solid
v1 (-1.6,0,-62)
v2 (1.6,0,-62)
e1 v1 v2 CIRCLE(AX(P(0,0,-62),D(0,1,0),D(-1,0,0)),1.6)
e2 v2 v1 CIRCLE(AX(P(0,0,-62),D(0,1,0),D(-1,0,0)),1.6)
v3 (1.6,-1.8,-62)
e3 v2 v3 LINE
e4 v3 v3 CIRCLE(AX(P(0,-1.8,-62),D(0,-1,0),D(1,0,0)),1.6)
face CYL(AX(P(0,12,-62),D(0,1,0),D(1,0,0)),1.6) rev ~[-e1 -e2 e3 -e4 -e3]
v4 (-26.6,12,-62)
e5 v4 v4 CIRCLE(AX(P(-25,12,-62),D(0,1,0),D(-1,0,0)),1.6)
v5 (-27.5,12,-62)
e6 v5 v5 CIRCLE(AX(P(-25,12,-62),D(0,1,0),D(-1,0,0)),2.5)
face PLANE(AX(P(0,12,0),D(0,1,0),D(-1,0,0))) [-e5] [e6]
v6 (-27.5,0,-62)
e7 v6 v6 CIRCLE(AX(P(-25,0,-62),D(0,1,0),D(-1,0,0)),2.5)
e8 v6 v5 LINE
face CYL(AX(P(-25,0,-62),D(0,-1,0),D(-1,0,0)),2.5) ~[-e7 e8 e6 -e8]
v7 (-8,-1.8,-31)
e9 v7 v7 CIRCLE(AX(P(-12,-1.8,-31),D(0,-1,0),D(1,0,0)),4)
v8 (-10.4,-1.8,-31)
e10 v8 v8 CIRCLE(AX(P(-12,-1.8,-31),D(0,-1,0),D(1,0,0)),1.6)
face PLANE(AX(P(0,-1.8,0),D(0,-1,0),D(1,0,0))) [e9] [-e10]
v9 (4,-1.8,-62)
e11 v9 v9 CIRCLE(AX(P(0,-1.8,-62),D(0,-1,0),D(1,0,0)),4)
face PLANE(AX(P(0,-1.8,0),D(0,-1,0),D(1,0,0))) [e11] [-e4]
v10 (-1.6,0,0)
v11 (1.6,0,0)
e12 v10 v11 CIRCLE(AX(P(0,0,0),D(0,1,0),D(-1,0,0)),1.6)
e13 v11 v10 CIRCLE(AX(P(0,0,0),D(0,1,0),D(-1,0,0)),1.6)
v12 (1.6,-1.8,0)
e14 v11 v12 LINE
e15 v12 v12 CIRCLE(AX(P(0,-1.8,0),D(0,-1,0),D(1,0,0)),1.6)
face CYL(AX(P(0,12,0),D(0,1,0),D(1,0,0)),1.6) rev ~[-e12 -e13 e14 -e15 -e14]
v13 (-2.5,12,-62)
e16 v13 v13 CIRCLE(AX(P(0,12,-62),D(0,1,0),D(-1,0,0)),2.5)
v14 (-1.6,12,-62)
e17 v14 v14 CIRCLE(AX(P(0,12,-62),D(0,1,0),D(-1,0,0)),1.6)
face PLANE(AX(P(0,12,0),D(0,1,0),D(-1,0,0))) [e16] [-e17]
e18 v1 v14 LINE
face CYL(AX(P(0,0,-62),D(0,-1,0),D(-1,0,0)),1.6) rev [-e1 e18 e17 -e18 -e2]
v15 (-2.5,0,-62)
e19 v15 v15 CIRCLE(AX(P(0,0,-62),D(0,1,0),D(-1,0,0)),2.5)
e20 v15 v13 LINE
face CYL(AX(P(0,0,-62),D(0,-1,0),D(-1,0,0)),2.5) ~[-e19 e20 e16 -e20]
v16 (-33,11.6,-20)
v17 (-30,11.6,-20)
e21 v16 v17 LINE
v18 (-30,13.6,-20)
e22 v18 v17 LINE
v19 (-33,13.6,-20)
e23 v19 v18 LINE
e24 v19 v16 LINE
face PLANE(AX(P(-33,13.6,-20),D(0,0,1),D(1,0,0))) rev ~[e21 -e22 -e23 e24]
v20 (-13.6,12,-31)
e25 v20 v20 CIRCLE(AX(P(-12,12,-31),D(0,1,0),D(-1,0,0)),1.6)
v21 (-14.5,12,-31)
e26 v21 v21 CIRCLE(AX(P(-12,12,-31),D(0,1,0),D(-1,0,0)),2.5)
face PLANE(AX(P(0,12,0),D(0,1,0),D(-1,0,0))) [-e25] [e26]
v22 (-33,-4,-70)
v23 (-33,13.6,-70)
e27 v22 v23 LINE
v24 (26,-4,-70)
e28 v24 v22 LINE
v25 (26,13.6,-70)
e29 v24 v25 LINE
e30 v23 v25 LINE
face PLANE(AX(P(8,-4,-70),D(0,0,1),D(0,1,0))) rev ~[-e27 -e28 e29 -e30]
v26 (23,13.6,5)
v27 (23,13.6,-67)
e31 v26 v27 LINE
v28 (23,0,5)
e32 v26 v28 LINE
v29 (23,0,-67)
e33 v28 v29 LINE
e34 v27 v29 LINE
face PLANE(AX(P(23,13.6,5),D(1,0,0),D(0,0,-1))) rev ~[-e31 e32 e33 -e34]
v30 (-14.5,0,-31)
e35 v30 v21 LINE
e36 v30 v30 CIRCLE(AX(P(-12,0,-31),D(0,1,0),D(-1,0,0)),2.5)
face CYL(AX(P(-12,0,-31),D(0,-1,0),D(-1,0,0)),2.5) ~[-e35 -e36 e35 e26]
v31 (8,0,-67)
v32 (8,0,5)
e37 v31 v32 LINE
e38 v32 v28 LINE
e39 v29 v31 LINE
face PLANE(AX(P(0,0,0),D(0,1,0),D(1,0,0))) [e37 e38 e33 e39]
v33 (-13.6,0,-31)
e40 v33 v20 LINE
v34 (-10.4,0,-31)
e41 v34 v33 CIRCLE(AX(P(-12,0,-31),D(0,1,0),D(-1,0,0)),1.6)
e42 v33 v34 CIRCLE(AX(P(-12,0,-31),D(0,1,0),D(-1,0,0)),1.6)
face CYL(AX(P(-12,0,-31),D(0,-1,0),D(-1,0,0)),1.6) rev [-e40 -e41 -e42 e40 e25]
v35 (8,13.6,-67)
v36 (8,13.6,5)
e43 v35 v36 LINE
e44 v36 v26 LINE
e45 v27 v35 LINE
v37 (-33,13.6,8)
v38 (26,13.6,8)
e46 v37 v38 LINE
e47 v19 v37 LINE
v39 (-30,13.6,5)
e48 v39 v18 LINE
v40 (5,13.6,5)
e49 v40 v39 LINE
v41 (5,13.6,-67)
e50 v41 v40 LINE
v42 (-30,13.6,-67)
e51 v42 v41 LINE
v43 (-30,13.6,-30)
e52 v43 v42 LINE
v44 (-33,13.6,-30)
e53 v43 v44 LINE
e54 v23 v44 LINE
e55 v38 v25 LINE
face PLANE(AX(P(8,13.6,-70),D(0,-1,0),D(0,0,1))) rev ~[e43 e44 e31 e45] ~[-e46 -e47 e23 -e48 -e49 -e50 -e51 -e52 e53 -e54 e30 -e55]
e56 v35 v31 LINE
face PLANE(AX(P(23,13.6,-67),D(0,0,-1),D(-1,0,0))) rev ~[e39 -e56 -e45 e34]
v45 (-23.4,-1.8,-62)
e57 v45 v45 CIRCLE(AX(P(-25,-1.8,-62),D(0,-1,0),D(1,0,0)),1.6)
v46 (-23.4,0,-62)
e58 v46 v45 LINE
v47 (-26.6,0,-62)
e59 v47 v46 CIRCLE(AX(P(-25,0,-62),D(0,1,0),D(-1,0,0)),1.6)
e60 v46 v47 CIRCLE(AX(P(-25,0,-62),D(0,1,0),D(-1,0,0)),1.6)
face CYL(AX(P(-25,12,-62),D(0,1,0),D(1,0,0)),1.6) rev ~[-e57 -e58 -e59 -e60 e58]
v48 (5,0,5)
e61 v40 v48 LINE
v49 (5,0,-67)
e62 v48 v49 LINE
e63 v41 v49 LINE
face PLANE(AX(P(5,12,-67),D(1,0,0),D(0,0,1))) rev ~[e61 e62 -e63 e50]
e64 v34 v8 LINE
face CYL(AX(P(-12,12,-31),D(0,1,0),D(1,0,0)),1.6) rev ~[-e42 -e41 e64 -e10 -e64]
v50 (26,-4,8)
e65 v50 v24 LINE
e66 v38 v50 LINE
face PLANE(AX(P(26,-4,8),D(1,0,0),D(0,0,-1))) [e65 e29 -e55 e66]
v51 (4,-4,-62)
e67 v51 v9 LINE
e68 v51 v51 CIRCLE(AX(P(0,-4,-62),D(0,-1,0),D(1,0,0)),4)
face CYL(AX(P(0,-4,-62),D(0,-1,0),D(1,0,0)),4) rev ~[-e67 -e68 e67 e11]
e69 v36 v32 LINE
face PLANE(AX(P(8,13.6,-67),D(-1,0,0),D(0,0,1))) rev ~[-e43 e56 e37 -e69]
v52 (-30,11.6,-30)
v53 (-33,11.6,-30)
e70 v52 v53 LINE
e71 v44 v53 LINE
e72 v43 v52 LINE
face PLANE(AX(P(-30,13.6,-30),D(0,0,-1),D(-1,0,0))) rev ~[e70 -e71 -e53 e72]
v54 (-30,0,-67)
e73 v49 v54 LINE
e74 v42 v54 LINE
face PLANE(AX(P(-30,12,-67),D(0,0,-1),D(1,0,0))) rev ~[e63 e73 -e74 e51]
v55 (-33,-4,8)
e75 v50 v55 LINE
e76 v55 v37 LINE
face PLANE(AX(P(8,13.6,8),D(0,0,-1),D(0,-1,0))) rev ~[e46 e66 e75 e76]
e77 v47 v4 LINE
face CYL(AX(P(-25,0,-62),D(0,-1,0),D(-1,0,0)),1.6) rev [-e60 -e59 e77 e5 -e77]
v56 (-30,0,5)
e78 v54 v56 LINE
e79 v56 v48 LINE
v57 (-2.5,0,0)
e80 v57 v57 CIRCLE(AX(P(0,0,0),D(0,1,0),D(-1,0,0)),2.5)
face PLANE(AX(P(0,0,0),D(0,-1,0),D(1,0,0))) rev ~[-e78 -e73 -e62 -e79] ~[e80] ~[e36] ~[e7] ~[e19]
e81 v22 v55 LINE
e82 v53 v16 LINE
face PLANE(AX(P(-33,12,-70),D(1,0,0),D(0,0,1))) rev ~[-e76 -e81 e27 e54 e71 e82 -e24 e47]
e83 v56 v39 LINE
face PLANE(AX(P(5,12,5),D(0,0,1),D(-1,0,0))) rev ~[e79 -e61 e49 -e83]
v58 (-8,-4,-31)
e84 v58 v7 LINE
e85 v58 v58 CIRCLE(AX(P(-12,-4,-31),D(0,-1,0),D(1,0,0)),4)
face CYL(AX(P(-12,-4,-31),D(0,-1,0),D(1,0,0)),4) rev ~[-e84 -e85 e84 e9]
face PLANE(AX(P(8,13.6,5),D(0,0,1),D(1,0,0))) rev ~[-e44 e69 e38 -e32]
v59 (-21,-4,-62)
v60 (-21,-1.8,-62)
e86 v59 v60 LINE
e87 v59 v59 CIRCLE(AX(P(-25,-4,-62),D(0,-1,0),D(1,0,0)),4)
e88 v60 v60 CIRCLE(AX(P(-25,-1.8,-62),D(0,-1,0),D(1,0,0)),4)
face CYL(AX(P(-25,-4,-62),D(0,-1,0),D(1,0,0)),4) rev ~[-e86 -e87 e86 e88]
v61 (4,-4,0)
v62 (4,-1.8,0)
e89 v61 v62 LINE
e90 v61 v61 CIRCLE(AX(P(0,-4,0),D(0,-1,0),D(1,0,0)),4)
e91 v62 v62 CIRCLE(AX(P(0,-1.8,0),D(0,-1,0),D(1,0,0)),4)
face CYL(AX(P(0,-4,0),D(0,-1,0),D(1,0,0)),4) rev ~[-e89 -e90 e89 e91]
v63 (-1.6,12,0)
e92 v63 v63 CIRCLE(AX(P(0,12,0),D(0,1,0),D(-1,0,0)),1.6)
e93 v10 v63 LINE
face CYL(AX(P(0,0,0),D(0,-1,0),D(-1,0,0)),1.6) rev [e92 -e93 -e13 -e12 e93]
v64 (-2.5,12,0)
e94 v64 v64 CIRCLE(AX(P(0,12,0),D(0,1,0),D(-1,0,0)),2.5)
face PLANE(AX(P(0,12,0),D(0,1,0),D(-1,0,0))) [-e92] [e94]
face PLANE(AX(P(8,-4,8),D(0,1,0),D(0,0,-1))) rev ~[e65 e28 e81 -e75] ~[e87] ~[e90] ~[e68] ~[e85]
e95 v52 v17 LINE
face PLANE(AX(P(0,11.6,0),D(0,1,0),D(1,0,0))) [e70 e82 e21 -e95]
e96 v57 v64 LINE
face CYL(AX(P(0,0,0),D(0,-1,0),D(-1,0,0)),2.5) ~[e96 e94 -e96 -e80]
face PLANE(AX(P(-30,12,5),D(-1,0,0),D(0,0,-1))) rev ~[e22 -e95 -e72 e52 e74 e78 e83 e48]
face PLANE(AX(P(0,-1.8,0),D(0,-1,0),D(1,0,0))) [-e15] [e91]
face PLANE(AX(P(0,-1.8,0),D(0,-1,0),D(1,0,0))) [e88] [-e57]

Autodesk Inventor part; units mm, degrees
ref_plane "YZ Plane" through (0, 0, 0) normal (1, 0, 0) x (0, 1, 0)
ref_plane "XZ Plane" through (0, 0, 0) normal (0, 1, 0) x (-1, 0, 0)
ref_plane "XY Plane" through (0, 0, 0) normal (0, 0, 1) x (1, 0, 0)
sketch "Sketch1" plane through (0, 0, 0) normal (0, 1, 0) x (-1, 0, 0)
  circle A0 centre (0, 0) radius 1.6
  circle A1 centre (0, -62) radius 1.6
  circle A2 centre (25, -62) radius 1.6
  circle A3 centre (12, -31) radius 1.6
  circle A4 centre (12, -31) radius 2.5
  circle A5 centre (0, -62) radius 2.5
  circle A6 centre (25, -62) radius 2.5
  circle A7 centre (0, 0) radius 2.5
  line L0 (30, 5) -> (-5, 5)
  line L1 (-5, 5) -> (-5, -67)
  line L2 (-5, -67) -> (30, -67)
  line L3 (30, -67) -> (30, 5)
  line L4 (33, 8) -> (-8, 8)
  line L5 (-8, 8) -> (-8, -70)
  line L6 (-8, -70) -> (33, -70)
  line L7 (33, -70) -> (33, 8)
  dimension "d0" = 3.2
  dimension "d1" = 3.2
  dimension "d2" = 62
  dimension "d3" = 3.2
  dimension "d4" = 25
  dimension "d5" = 3.2
  dimension "d6" = 31
  dimension "d7" = 12
  dimension "d8" = 5
  dimension "d9" = 5
  dimension "d10" = 5
  dimension "d11" = 5
  dimension "d12" = 5
  dimension "d13" = 5
  dimension "d14" = 5
  dimension "d15" = 5
  dimension "d16" = 3
  dimension "d17" = 3
  dimension "d18" = 3
  dimension "d19" = 3
  dimension "d29" = 0
extrude "Extrusion1" add sketch "Sketch1" along normal blind 12
sketch "Sketch2" plane through (0, 0, 0) normal (0, -1, 0) x (1, 0, 0)
  line L0 (-33, 8) -> (8, 8) projected
  line L1 (-33, -70) -> (-33, 8) projected
  line L2 (8, 8) -> (-33, 8)
  line L3 (-33, 8) -> (-33, -70)
  line L4 (-33, -70) -> (8, -70)
  line L5 (8, -70) -> (8, 8)
  point P0 (0, 0)
extrude "Extrusion2" add sketch "Sketch2" along normal blind 4
sketch "Sketch3" plane through (0, 12, 0) normal (0, 1, 0) x (1, 0, 0)
  circle A0 centre (0, 0) radius 1.6 projected
  circle A1 centre (-12, 31) radius 1.6 projected
  circle A2 centre (-25, 62) radius 1.6 projected
  circle A3 centre (0, 62) radius 1.6 projected
extrude "Extrusion3" cut sketch "Sketch3" against normal up to next
sketch "Sketch4" plane through (0, -4, 0) normal (0, -1, 0) x (1, 0, 0)
  circle A0 centre (-25, -62) radius 1.6 projected
  circle A1 centre (-25, -62) radius 4
  circle A2 centre (0, -62) radius 1.6 projected
  circle A3 centre (0, -62) radius 4
  circle A4 centre (-12, -31) radius 1.6 projected
  circle A5 centre (-12, -31) radius 4
  circle A6 centre (0, 0) radius 1.6 projected
  circle A7 centre (0, 0) radius 4
  dimension "d26" = 8
  dimension "d27" = 8
  dimension "d28" = 8
  dimension "d30" = 8
extrude "Extrusion4" cut sketch "Sketch4" against normal blind 2.2
sketch "Sketch6" plane through (0, 12, 0) normal (0, 1, 0) x (1, 0, 0)
  line L0 (-33, 70) -> (-33, -8) projected
  line L1 (8, 70) -> (-33, 70) projected
  line L2 (8, -8) -> (8, 70) projected
  line L3 (-33, -8) -> (8, -8) projected
  line L4 (-30, -5) -> (-30, 67) projected
  line L5 (5, -5) -> (-30, -5) projected
  line L6 (5, 67) -> (5, -5) projected
  line L7 (-30, 67) -> (5, 67) projected
  point P0 (0, 0)
extrude "Extrusion5" add sketch "Sketch6" along normal blind 1.6
sketch "Sketch7" plane through (0, 13.6, 0) normal (0, 1, 0) x (1, 0, 0)
  line L0 (-33, 70) -> (-33, -8) projected
  line L1 (-30, 67) -> (-30, -5) projected
  line L2 (-33, 20) -> (-30, 20)
  line L3 (-30, 20) -> (-30, 30)
  line L4 (-30, 30) -> (-33, 30)
  line L5 (-33, 30) -> (-33, 20)
  point P0 (0, 0)
  dimension "d35" = 20
  dimension "d36" = 10
extrude "Extrusion6" cut sketch "Sketch7" against normal blind 2
sketch "Sketch8" plane through (8, -4, 8) normal (1, 0, 0) x (0, 0, -1)
  line L0 (78, 17.6) -> (38, 17.6) projected
  line L1 (0, 0) -> (78, 0)
  line L2 (78, 0) -> (78, 17.6)
  line L3 (78, 17.6) -> (0, 17.6)
  line L4 (0, 17.6) -> (0, 0)
  point P0 (8, 4)
extrude "Extrusion7" add sketch "Sketch8" along normal blind 18
sketch "Sketch9" plane through (0, 13.6, 0) normal (0, 1, 0) x (1, 0, 0)
  line L0 (8, -5) -> (23, -5)
  line L1 (23, -5) -> (23, 67)
  line L2 (23, 67) -> (8, 67)
  line L3 (8, 67) -> (8, -5)
  line L4 (5, 67) -> (5, -5) projected
  line L5 (26, 70) -> (26, -8) projected
  line L6 (-33, 70) -> (26, 70) projected
  point P0 (0, 0)
  dimension "d41" = 3
  dimension "d42" = 3
  dimension "d43" = 3
extrude "Extrusion8" cut sketch "Sketch9" against normal up to surface (13.6 mm away)
properties part number "Housing Base"
